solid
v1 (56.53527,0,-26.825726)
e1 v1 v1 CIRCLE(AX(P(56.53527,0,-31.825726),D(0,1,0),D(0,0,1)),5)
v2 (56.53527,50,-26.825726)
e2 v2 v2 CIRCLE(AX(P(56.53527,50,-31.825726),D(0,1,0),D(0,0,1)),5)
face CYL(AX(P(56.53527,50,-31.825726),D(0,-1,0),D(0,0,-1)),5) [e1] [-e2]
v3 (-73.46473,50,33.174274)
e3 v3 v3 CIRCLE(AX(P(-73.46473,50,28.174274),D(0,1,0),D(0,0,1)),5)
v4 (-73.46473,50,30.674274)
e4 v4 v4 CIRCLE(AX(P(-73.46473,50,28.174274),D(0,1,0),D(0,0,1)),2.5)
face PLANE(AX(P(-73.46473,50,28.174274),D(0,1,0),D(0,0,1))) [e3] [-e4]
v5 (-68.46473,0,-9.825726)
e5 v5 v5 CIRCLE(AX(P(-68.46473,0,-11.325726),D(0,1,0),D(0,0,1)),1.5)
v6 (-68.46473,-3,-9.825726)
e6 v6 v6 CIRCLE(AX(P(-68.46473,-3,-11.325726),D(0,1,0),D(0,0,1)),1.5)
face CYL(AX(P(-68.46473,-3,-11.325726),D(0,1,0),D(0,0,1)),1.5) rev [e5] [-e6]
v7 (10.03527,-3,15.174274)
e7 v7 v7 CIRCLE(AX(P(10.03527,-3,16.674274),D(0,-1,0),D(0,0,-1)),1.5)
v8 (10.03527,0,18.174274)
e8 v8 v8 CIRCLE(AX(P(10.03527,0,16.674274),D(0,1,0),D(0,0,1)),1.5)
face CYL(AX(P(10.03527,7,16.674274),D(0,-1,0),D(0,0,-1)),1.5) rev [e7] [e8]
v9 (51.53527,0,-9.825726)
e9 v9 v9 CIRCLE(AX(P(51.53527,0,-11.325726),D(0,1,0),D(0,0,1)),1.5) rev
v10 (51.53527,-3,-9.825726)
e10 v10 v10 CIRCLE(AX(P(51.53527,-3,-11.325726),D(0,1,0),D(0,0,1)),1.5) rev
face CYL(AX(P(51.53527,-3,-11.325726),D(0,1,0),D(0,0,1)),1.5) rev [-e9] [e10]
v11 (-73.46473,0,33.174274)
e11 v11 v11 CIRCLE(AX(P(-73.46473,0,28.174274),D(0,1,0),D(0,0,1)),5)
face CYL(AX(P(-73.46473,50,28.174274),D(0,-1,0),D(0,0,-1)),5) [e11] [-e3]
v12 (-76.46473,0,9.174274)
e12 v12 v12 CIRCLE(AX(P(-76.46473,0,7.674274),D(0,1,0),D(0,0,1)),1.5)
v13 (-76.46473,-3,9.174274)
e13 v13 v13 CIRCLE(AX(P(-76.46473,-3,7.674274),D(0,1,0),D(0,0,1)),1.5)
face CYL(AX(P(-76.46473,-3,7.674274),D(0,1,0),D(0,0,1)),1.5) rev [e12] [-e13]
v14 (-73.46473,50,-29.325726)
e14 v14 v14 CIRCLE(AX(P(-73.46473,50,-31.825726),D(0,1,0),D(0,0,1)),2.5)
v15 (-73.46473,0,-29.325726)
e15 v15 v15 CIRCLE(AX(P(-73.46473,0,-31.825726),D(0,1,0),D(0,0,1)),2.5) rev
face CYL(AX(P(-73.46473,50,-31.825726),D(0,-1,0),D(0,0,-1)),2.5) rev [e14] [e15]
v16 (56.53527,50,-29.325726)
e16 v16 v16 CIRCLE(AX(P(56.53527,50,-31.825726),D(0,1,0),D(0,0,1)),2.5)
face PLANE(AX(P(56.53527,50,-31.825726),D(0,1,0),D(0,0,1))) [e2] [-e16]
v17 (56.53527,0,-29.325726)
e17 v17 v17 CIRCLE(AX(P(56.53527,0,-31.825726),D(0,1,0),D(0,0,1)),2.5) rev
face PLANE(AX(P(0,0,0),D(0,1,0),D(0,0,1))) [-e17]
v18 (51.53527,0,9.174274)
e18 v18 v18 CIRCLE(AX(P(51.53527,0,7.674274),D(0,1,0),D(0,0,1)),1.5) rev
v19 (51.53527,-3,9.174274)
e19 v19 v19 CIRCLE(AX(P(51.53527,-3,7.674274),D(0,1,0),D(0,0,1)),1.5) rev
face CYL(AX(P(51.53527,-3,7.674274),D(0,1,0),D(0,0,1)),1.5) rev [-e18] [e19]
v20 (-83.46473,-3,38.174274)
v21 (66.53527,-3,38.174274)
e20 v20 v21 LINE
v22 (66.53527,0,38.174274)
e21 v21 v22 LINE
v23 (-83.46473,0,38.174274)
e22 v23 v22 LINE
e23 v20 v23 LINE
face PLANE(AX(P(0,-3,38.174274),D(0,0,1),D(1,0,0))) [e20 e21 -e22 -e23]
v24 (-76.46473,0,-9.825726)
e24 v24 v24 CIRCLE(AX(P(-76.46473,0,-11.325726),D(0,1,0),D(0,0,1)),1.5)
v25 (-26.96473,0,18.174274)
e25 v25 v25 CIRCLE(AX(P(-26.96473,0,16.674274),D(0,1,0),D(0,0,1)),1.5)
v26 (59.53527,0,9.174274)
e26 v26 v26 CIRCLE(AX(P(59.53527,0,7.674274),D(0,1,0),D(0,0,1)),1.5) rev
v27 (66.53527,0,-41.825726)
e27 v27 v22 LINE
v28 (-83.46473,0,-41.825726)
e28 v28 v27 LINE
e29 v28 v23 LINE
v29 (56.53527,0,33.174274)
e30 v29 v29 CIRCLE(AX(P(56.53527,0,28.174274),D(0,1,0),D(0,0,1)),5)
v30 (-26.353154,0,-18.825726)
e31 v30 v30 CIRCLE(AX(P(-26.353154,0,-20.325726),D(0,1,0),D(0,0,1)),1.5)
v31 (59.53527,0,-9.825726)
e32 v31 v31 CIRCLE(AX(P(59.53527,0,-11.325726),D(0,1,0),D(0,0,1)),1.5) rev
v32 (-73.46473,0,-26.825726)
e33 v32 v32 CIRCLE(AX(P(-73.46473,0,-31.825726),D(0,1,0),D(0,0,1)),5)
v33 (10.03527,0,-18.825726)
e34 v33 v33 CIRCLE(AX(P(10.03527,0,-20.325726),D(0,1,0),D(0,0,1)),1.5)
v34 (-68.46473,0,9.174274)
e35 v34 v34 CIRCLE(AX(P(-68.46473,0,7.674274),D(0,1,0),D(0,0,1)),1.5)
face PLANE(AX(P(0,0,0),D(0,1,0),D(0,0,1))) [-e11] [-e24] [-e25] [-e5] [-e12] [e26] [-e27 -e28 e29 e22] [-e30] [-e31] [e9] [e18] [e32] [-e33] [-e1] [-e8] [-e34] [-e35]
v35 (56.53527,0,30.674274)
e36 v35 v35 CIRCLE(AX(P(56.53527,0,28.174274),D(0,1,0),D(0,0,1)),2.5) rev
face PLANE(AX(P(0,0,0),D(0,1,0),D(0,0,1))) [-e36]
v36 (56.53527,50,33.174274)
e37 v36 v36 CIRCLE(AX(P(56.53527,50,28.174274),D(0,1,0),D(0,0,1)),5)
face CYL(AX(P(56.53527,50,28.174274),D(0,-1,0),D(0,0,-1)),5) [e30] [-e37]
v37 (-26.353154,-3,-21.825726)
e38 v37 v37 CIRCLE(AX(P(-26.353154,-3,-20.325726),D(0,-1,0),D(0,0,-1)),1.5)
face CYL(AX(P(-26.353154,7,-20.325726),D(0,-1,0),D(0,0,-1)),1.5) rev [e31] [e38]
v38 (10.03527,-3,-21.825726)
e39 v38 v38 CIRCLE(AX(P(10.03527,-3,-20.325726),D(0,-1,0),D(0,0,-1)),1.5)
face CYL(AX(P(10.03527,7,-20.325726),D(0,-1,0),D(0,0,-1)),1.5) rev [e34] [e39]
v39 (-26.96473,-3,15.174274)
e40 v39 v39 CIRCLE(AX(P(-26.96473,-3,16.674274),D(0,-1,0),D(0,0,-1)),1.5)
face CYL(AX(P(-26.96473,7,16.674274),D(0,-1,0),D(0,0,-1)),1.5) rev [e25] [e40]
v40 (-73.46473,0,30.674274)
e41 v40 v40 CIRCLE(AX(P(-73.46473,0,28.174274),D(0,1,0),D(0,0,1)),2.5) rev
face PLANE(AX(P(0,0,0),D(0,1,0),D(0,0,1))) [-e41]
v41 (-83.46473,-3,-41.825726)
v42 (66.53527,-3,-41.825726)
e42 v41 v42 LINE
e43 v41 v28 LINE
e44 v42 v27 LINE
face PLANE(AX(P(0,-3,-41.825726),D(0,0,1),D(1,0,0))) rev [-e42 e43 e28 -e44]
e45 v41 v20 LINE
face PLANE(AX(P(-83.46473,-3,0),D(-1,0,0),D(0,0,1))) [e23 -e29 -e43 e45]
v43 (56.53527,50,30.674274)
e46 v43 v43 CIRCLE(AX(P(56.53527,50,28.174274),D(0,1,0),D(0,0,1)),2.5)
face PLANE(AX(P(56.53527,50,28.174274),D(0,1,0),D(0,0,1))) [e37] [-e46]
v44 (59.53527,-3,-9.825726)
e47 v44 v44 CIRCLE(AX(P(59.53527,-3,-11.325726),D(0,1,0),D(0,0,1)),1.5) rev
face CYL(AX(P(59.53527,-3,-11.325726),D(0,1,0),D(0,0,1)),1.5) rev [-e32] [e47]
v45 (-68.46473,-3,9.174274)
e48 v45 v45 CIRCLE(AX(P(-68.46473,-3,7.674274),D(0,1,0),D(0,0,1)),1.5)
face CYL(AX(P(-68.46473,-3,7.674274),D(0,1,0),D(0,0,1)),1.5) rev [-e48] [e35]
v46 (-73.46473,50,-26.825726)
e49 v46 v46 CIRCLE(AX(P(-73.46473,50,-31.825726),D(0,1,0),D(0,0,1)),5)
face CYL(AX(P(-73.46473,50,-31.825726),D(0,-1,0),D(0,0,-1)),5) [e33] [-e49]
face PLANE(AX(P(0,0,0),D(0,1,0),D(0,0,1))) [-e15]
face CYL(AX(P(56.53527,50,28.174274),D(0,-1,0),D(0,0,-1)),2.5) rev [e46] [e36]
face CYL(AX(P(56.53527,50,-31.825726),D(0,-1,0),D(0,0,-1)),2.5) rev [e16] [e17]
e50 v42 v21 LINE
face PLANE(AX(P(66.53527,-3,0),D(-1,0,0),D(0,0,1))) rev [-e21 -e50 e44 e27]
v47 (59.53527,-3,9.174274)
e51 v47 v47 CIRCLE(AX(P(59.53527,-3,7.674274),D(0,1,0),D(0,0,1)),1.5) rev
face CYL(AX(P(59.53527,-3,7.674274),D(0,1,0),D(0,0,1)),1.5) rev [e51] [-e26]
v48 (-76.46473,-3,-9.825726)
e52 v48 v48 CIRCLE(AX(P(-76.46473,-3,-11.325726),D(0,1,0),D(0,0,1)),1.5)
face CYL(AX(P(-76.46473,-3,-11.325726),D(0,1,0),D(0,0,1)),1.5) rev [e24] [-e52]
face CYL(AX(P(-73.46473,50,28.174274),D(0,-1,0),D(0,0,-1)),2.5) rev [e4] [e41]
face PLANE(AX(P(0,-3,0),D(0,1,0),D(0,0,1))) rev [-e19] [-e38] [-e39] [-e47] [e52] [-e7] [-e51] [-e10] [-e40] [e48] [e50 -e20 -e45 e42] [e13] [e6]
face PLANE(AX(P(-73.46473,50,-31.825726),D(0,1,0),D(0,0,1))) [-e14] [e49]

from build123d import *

# Parameters (mm, degrees)
SKETCH2_W           = 150
SKETCH2_H           = 80
SKETCH2_R           = 1.5
BOSS_EXTRUDE1_DEPTH = 3
SKETCH3_R           = 5
SKETCH3_R_2         = 2.5
BOSS_EXTRUDE2_DEPTH = 50
SKETCH4_R           = 1.5
CUT_EXTRUDE1_DEPTH  = 10


with BuildPart() as part:
    # Sketch2 → Boss-Extrude1 (new body)
    with BuildSketch(Plane(origin=(0, 0, 0), x_dir=(1, 0, 0), z_dir=(0, 1, 0))):
        with Locations((-8.46473029, 1.825726141)):
            Rectangle(SKETCH2_W, SKETCH2_H)
        with Locations((-68.46473029, 11.325726141)):
            Circle(SKETCH2_R, mode=Mode.SUBTRACT)
        with Locations((-68.46473029, -7.674273859)):
            Circle(SKETCH2_R, mode=Mode.SUBTRACT)
        with Locations((-76.46473029, 11.325726141)):
            Circle(SKETCH2_R, mode=Mode.SUBTRACT)
        with Locations((-76.46473029, -7.674273859)):
            Circle(SKETCH2_R, mode=Mode.SUBTRACT)
        with Locations((51.53526971, -7.674273859)):
            Circle(SKETCH2_R, mode=Mode.SUBTRACT)
        with Locations((59.53526971, -7.674273859)):
            Circle(SKETCH2_R, mode=Mode.SUBTRACT)
        with Locations((59.53526971, 11.325726141)):
            Circle(SKETCH2_R, mode=Mode.SUBTRACT)
        with Locations((51.53526971, 11.325726141)):
            Circle(SKETCH2_R, mode=Mode.SUBTRACT)
    extrude(amount=-BOSS_EXTRUDE1_DEPTH)

    # Sketch3 → Boss-Extrude2 (add)
    with BuildSketch(Plane(origin=(0, 0, 0), x_dir=(1, 0, 0), z_dir=(0, 1, 0))):
        with Locations((-73.46473029, 31.825726141)):
            Circle(SKETCH3_R)
        with Locations((-73.46473029, 31.825726141)):
            Circle(SKETCH3_R_2, mode=Mode.SUBTRACT)
        with Locations((56.53526971, 31.825726141)):
            Circle(SKETCH3_R)
        with Locations((56.53526971, 31.825726141)):
            Circle(SKETCH3_R_2, mode=Mode.SUBTRACT)
        with Locations((56.53526971, -28.174273859)):
            Circle(SKETCH3_R)
        with Locations((56.53526971, -28.174273859)):
            Circle(SKETCH3_R_2, mode=Mode.SUBTRACT)
        with Locations((-73.46473029, -28.174273859)):
            Circle(SKETCH3_R)
        with Locations((-73.46473029, -28.174273859)):
            Circle(SKETCH3_R_2, mode=Mode.SUBTRACT)
    extrude(amount=BOSS_EXTRUDE2_DEPTH)

    # Sketch4 → Cut-Extrude1 (cut)
    with BuildSketch(Plane.XZ.offset(3)):
        with Locations((-26.96473029, 16.674273859)):
            Circle(SKETCH4_R)
        with Locations((10.03526971, 16.674273859)):
            Circle(SKETCH4_R)
        with Locations((10.03526971, -20.325726141)):
            Circle(SKETCH4_R)
        with Locations((-26.353154243, -20.325726141)):
            Circle(SKETCH4_R)
    extrude(amount=-CUT_EXTRUDE1_DEPTH, mode=Mode.SUBTRACT)


solid = part.part
